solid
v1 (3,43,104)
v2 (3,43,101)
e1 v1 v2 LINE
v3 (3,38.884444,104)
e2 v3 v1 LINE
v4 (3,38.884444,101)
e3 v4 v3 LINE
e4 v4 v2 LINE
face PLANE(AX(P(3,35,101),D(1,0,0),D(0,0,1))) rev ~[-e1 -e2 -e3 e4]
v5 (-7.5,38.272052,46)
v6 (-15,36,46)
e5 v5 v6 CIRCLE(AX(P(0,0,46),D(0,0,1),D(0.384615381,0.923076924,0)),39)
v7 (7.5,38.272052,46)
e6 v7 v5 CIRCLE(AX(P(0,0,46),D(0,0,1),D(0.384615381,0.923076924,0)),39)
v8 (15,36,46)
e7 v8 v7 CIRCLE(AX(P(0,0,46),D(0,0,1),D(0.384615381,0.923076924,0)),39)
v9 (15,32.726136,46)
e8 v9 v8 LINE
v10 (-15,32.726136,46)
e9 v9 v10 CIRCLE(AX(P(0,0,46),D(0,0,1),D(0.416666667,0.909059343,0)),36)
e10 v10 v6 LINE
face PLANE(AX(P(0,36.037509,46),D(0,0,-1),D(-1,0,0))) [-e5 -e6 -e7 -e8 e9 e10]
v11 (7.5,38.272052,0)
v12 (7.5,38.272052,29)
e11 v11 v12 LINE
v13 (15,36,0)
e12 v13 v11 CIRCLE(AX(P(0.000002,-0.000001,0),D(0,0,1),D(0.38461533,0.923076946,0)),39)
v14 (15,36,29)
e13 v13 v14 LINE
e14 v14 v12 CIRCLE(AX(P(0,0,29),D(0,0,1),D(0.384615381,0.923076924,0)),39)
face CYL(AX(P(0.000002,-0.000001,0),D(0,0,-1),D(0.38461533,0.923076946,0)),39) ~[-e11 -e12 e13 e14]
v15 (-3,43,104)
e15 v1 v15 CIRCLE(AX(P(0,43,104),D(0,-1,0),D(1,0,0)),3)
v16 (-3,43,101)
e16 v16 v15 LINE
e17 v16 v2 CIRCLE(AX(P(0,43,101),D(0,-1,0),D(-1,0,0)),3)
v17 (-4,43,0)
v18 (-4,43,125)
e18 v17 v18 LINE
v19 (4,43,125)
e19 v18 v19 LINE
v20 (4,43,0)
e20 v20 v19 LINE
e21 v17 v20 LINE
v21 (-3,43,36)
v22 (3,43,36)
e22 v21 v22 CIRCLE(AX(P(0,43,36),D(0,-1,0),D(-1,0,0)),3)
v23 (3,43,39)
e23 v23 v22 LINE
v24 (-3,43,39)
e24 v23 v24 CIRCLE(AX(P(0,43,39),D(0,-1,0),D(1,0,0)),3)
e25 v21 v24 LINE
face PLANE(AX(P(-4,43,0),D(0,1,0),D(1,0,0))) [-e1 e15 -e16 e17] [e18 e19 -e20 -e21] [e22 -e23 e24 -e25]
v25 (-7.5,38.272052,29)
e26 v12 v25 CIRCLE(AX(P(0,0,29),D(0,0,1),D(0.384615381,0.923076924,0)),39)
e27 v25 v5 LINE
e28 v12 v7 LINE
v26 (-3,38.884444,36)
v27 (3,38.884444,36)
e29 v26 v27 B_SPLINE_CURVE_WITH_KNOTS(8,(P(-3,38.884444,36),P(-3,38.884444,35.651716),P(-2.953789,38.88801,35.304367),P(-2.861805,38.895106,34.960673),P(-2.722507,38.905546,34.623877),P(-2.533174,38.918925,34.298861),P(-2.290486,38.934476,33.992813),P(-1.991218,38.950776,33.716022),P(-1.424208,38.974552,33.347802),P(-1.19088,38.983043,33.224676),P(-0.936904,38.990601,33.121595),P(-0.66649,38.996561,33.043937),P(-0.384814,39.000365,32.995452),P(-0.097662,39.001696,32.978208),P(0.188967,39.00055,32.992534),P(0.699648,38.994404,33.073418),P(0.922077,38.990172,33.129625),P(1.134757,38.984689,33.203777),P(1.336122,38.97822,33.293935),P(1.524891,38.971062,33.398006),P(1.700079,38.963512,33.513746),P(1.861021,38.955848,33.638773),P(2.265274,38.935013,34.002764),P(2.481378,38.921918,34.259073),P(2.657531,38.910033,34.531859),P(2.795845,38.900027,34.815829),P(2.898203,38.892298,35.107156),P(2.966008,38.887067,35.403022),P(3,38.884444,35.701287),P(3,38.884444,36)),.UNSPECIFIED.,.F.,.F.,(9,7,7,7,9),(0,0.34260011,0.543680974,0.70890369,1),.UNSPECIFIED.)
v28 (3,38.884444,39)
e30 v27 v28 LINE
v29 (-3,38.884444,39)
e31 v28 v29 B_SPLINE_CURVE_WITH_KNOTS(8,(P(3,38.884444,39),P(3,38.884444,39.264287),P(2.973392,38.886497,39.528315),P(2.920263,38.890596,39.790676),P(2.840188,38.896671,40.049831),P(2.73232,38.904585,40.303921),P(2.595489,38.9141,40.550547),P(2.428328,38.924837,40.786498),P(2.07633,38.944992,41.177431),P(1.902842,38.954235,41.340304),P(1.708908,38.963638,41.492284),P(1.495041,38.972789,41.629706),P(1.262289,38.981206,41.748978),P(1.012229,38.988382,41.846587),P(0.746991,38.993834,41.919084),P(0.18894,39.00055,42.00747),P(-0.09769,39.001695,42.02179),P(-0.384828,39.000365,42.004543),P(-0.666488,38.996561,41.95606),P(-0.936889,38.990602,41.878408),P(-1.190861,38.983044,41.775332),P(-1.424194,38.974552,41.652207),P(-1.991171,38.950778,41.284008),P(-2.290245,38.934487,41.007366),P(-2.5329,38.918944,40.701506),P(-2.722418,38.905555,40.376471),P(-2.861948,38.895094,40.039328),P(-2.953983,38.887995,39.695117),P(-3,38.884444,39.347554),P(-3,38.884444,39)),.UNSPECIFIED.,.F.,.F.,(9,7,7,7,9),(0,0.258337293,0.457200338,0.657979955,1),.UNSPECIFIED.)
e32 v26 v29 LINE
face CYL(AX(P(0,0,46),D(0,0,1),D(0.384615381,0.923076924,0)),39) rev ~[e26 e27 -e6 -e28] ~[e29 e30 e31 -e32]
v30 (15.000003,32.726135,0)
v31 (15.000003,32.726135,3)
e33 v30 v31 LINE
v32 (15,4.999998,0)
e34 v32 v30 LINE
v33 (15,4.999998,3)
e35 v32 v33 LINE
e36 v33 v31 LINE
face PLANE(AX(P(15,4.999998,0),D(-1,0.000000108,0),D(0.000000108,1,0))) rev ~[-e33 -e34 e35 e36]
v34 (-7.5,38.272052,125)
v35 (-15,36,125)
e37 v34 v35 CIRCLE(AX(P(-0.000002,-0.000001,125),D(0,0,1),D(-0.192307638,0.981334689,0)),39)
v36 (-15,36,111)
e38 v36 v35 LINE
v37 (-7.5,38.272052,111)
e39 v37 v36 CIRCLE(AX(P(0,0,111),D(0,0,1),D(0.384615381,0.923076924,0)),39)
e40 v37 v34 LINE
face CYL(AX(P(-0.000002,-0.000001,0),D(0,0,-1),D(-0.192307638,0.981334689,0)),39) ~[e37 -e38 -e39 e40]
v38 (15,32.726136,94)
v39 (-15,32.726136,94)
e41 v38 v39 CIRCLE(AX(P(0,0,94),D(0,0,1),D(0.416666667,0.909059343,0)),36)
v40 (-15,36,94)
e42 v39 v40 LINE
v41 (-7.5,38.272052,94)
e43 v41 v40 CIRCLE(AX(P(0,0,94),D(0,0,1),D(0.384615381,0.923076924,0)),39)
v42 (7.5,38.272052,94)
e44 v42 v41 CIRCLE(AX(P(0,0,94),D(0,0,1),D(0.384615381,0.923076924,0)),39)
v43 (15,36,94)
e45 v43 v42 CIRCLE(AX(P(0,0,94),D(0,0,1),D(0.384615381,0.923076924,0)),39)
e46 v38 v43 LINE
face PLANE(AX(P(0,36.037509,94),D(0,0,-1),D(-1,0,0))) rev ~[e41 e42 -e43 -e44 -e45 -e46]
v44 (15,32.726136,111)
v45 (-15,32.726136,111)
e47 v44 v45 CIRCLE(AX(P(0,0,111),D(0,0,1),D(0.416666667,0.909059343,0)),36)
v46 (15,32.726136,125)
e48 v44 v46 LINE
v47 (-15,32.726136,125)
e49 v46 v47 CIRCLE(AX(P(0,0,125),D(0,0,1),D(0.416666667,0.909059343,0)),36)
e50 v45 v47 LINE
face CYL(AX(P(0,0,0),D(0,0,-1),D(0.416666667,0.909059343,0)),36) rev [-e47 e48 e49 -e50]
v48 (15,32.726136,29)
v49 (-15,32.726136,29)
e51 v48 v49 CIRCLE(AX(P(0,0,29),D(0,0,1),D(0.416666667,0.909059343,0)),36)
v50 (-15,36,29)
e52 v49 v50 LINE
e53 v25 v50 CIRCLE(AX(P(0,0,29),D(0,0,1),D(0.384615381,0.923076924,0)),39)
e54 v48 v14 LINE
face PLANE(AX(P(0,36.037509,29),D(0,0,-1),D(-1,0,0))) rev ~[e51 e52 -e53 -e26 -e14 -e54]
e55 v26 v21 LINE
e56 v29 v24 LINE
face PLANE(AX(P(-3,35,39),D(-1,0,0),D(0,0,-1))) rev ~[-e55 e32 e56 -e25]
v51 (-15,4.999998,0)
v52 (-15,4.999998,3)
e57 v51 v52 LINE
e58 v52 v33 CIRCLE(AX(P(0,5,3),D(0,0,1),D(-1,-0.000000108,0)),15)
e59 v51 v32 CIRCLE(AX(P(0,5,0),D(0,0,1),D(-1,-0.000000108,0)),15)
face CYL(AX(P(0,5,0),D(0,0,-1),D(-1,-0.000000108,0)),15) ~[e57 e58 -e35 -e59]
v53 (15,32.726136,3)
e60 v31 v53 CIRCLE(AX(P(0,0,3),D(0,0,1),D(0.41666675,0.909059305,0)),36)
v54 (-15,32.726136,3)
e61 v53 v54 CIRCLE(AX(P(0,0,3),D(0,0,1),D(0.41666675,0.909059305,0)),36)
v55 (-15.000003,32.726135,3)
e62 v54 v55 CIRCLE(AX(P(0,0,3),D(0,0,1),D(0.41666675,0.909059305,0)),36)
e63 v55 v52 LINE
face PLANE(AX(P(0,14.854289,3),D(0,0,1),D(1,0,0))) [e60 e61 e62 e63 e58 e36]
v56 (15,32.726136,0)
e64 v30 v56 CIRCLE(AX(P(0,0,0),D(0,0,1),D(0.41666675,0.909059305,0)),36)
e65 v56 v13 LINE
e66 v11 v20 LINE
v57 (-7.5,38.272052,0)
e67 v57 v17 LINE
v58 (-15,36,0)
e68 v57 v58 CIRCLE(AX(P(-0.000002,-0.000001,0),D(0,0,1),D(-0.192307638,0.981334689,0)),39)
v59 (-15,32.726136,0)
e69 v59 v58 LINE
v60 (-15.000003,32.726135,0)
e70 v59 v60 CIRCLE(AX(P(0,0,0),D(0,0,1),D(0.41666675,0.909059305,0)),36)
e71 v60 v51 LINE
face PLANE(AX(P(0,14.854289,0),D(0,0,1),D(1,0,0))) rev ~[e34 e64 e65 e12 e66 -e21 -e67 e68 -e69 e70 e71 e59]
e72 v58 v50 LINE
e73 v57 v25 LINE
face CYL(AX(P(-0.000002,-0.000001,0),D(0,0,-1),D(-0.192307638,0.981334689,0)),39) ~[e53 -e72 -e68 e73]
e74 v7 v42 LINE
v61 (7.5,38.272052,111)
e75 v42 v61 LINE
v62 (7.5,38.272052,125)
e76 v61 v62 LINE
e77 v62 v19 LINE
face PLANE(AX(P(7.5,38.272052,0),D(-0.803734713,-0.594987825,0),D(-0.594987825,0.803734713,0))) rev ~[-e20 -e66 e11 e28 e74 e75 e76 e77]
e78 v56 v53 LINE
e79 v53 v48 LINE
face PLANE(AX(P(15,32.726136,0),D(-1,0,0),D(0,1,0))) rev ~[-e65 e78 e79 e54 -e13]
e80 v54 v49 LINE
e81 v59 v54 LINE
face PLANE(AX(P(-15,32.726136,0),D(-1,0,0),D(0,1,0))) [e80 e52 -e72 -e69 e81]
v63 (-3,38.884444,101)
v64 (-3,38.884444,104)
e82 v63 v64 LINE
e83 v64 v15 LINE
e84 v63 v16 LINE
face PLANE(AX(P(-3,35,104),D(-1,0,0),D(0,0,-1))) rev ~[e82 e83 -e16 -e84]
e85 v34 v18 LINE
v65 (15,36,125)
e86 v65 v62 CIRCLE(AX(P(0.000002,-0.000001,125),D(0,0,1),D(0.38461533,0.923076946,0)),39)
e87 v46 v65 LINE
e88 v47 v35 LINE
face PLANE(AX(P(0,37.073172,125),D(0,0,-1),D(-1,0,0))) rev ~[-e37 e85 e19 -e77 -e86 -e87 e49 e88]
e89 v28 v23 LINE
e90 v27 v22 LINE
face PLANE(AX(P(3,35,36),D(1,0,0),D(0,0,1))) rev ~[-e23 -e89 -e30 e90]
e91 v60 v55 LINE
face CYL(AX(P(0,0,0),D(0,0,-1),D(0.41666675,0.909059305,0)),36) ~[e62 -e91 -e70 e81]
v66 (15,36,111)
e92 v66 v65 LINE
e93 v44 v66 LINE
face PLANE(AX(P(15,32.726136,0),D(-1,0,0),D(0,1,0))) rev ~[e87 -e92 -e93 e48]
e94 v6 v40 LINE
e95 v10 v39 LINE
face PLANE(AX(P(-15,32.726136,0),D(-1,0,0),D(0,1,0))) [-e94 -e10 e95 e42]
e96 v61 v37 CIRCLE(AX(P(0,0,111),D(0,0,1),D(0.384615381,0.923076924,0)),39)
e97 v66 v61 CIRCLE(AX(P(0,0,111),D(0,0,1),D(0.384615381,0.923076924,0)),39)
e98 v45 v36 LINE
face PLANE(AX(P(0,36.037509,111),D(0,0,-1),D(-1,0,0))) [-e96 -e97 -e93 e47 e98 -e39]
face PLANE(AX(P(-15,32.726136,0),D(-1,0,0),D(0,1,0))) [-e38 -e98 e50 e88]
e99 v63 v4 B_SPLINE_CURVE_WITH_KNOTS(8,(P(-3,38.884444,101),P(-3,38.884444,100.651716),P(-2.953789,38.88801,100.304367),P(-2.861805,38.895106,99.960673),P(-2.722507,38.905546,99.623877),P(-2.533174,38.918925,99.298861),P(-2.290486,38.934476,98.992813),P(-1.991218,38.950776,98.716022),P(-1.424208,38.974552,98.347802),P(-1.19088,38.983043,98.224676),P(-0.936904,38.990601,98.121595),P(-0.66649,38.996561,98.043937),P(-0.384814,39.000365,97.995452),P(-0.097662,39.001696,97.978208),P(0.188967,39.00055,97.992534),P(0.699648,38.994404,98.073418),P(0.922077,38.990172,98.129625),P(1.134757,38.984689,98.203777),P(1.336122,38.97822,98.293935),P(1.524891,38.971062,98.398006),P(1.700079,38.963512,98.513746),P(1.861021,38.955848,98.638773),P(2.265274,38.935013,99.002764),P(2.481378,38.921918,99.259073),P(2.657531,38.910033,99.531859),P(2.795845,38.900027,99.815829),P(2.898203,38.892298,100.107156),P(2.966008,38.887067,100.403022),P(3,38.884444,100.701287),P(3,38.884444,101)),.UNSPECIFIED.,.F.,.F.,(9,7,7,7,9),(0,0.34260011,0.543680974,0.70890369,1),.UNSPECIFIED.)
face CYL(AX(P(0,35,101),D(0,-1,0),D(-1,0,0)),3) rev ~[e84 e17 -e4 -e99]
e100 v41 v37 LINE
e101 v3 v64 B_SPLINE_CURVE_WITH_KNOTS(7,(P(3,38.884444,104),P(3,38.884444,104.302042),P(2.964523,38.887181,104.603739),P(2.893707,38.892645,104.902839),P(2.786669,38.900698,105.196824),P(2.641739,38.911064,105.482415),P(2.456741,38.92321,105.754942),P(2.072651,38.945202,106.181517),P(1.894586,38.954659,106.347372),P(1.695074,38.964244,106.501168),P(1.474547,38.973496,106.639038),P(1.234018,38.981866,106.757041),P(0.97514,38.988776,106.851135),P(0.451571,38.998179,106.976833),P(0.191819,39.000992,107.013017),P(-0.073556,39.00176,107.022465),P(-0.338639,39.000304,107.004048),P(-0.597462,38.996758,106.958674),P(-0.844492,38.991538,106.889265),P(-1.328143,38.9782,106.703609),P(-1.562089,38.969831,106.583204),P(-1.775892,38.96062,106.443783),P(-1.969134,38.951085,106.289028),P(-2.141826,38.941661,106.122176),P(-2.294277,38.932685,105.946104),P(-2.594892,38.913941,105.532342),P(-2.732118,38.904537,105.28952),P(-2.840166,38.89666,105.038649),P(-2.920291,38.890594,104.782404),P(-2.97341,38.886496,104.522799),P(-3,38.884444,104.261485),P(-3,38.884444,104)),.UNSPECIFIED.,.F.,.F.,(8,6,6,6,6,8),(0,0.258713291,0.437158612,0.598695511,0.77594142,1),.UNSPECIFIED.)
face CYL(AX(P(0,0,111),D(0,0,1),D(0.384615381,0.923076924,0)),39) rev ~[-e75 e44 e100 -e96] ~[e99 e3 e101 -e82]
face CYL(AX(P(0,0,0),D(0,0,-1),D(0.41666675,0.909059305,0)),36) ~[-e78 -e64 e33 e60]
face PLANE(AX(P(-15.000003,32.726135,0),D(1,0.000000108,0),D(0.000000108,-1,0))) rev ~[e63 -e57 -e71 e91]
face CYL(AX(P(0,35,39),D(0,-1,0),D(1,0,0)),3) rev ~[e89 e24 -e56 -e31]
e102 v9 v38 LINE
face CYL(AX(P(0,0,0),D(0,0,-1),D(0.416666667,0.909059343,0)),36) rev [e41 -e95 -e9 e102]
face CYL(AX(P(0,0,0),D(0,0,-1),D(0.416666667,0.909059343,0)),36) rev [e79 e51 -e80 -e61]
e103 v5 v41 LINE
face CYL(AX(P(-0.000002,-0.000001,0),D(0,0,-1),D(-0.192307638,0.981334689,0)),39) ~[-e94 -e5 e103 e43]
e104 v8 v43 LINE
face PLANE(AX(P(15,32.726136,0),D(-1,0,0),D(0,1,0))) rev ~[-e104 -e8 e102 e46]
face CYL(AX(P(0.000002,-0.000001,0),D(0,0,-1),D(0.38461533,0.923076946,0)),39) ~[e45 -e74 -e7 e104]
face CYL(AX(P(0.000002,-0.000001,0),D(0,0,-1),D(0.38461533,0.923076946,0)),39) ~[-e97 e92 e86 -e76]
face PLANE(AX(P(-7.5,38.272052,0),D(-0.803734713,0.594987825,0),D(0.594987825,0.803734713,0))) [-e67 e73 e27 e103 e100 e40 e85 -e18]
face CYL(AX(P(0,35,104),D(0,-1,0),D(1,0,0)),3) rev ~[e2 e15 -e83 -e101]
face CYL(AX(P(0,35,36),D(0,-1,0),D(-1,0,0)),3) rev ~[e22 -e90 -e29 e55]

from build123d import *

# Parameters (mm, degrees)
PAD_DEPTH       = 125
PAD001_DEPTH    = 3
POCKET_DEPTH    = 17
POCKET001_DEPTH = 17
POCKET002_DEPTH = 20


with BuildPart() as part:
    # Sketch → Pad (new body)
    with BuildSketch(Plane.XY):
        with BuildLine():
            ThreePointArc((15, 32.726136), (0, 35.9999996561), (-15, 32.726136))
            Line((-15, 32.726136), (-15, 36))
            ThreePointArc((-7.5, 38.272052), (-11.3072125351, 37.3248834793), (-15, 36))
            Line((-7.5, 38.272052), (-4, 43))
            Line((-4, 43), (4, 43))
            Line((7.5, 38.272052), (4, 43))
            ThreePointArc((15, 36), (11.3072125351, 37.3248834793), (7.5, 38.272052))
            Line((15, 32.726136), (15, 36))
        make_face()
    extrude(amount=PAD_DEPTH)

    # Sketch003 → Pad001 (join)
    with BuildSketch(Plane.XY):
        with BuildLine():
            ThreePointArc((-15, 4.999998377), (0, -10), (15, 4.999998377))
            Line((15, 4.999998377), (15.000003, 32.7261349689))
            ThreePointArc((15.000003, 32.7261349689), (0, 36), (-15.000003, 32.7261349689))
            Line((-15.000003, 32.7261349689), (-15, 4.999998377))
        make_face()
    extrude(amount=PAD001_DEPTH)

    # Sketch004 → Pocket (cut)
    with BuildSketch(Plane.XY.offset(111)):
        with BuildLine():
            ThreePointArc((15, 32.726136), (0, 35.9999996561), (-15, 32.726136))
            Line((-15, 32.726136), (-15, 36))
            ThreePointArc((15, 36), (0, 38.9999999735), (-15, 36))
            Line((15, 32.726136), (15, 36))
        make_face()
    extrude(amount=-POCKET_DEPTH, mode=Mode.SUBTRACT)

    # Sketch005 → Pocket001 (cut)
    with BuildSketch(Plane.XY.offset(46)):
        with BuildLine():
            ThreePointArc((15, 32.726136), (0, 35.9999996561), (-15, 32.726136))
            Line((-15, 32.726136), (-15, 36))
            ThreePointArc((15, 36), (0, 38.9999999735), (-15, 36))
            Line((15, 32.726136), (15, 36))
        make_face()
    extrude(amount=-POCKET001_DEPTH, mode=Mode.SUBTRACT)

    # Sketch006 → Pocket002 (cut)
    with BuildSketch(Plane.XZ.offset(-35)):
        with BuildLine():
            ThreePointArc((3, 104), (0, 107), (-3, 104))
            Line((-3, 104), (-3, 101))
            ThreePointArc((-3, 101), (0, 98), (3, 101))
            Line((3, 101), (3, 104))
        make_face()
        with BuildLine():
            ThreePointArc((3, 39), (0, 42), (-3, 39))
            Line((-3, 39), (-3, 36))
            ThreePointArc((-3, 36), (0, 33), (3, 36))
            Line((3, 36), (3, 39))
        make_face()
    extrude(amount=-POCKET002_DEPTH, mode=Mode.SUBTRACT)


solid = part.part
